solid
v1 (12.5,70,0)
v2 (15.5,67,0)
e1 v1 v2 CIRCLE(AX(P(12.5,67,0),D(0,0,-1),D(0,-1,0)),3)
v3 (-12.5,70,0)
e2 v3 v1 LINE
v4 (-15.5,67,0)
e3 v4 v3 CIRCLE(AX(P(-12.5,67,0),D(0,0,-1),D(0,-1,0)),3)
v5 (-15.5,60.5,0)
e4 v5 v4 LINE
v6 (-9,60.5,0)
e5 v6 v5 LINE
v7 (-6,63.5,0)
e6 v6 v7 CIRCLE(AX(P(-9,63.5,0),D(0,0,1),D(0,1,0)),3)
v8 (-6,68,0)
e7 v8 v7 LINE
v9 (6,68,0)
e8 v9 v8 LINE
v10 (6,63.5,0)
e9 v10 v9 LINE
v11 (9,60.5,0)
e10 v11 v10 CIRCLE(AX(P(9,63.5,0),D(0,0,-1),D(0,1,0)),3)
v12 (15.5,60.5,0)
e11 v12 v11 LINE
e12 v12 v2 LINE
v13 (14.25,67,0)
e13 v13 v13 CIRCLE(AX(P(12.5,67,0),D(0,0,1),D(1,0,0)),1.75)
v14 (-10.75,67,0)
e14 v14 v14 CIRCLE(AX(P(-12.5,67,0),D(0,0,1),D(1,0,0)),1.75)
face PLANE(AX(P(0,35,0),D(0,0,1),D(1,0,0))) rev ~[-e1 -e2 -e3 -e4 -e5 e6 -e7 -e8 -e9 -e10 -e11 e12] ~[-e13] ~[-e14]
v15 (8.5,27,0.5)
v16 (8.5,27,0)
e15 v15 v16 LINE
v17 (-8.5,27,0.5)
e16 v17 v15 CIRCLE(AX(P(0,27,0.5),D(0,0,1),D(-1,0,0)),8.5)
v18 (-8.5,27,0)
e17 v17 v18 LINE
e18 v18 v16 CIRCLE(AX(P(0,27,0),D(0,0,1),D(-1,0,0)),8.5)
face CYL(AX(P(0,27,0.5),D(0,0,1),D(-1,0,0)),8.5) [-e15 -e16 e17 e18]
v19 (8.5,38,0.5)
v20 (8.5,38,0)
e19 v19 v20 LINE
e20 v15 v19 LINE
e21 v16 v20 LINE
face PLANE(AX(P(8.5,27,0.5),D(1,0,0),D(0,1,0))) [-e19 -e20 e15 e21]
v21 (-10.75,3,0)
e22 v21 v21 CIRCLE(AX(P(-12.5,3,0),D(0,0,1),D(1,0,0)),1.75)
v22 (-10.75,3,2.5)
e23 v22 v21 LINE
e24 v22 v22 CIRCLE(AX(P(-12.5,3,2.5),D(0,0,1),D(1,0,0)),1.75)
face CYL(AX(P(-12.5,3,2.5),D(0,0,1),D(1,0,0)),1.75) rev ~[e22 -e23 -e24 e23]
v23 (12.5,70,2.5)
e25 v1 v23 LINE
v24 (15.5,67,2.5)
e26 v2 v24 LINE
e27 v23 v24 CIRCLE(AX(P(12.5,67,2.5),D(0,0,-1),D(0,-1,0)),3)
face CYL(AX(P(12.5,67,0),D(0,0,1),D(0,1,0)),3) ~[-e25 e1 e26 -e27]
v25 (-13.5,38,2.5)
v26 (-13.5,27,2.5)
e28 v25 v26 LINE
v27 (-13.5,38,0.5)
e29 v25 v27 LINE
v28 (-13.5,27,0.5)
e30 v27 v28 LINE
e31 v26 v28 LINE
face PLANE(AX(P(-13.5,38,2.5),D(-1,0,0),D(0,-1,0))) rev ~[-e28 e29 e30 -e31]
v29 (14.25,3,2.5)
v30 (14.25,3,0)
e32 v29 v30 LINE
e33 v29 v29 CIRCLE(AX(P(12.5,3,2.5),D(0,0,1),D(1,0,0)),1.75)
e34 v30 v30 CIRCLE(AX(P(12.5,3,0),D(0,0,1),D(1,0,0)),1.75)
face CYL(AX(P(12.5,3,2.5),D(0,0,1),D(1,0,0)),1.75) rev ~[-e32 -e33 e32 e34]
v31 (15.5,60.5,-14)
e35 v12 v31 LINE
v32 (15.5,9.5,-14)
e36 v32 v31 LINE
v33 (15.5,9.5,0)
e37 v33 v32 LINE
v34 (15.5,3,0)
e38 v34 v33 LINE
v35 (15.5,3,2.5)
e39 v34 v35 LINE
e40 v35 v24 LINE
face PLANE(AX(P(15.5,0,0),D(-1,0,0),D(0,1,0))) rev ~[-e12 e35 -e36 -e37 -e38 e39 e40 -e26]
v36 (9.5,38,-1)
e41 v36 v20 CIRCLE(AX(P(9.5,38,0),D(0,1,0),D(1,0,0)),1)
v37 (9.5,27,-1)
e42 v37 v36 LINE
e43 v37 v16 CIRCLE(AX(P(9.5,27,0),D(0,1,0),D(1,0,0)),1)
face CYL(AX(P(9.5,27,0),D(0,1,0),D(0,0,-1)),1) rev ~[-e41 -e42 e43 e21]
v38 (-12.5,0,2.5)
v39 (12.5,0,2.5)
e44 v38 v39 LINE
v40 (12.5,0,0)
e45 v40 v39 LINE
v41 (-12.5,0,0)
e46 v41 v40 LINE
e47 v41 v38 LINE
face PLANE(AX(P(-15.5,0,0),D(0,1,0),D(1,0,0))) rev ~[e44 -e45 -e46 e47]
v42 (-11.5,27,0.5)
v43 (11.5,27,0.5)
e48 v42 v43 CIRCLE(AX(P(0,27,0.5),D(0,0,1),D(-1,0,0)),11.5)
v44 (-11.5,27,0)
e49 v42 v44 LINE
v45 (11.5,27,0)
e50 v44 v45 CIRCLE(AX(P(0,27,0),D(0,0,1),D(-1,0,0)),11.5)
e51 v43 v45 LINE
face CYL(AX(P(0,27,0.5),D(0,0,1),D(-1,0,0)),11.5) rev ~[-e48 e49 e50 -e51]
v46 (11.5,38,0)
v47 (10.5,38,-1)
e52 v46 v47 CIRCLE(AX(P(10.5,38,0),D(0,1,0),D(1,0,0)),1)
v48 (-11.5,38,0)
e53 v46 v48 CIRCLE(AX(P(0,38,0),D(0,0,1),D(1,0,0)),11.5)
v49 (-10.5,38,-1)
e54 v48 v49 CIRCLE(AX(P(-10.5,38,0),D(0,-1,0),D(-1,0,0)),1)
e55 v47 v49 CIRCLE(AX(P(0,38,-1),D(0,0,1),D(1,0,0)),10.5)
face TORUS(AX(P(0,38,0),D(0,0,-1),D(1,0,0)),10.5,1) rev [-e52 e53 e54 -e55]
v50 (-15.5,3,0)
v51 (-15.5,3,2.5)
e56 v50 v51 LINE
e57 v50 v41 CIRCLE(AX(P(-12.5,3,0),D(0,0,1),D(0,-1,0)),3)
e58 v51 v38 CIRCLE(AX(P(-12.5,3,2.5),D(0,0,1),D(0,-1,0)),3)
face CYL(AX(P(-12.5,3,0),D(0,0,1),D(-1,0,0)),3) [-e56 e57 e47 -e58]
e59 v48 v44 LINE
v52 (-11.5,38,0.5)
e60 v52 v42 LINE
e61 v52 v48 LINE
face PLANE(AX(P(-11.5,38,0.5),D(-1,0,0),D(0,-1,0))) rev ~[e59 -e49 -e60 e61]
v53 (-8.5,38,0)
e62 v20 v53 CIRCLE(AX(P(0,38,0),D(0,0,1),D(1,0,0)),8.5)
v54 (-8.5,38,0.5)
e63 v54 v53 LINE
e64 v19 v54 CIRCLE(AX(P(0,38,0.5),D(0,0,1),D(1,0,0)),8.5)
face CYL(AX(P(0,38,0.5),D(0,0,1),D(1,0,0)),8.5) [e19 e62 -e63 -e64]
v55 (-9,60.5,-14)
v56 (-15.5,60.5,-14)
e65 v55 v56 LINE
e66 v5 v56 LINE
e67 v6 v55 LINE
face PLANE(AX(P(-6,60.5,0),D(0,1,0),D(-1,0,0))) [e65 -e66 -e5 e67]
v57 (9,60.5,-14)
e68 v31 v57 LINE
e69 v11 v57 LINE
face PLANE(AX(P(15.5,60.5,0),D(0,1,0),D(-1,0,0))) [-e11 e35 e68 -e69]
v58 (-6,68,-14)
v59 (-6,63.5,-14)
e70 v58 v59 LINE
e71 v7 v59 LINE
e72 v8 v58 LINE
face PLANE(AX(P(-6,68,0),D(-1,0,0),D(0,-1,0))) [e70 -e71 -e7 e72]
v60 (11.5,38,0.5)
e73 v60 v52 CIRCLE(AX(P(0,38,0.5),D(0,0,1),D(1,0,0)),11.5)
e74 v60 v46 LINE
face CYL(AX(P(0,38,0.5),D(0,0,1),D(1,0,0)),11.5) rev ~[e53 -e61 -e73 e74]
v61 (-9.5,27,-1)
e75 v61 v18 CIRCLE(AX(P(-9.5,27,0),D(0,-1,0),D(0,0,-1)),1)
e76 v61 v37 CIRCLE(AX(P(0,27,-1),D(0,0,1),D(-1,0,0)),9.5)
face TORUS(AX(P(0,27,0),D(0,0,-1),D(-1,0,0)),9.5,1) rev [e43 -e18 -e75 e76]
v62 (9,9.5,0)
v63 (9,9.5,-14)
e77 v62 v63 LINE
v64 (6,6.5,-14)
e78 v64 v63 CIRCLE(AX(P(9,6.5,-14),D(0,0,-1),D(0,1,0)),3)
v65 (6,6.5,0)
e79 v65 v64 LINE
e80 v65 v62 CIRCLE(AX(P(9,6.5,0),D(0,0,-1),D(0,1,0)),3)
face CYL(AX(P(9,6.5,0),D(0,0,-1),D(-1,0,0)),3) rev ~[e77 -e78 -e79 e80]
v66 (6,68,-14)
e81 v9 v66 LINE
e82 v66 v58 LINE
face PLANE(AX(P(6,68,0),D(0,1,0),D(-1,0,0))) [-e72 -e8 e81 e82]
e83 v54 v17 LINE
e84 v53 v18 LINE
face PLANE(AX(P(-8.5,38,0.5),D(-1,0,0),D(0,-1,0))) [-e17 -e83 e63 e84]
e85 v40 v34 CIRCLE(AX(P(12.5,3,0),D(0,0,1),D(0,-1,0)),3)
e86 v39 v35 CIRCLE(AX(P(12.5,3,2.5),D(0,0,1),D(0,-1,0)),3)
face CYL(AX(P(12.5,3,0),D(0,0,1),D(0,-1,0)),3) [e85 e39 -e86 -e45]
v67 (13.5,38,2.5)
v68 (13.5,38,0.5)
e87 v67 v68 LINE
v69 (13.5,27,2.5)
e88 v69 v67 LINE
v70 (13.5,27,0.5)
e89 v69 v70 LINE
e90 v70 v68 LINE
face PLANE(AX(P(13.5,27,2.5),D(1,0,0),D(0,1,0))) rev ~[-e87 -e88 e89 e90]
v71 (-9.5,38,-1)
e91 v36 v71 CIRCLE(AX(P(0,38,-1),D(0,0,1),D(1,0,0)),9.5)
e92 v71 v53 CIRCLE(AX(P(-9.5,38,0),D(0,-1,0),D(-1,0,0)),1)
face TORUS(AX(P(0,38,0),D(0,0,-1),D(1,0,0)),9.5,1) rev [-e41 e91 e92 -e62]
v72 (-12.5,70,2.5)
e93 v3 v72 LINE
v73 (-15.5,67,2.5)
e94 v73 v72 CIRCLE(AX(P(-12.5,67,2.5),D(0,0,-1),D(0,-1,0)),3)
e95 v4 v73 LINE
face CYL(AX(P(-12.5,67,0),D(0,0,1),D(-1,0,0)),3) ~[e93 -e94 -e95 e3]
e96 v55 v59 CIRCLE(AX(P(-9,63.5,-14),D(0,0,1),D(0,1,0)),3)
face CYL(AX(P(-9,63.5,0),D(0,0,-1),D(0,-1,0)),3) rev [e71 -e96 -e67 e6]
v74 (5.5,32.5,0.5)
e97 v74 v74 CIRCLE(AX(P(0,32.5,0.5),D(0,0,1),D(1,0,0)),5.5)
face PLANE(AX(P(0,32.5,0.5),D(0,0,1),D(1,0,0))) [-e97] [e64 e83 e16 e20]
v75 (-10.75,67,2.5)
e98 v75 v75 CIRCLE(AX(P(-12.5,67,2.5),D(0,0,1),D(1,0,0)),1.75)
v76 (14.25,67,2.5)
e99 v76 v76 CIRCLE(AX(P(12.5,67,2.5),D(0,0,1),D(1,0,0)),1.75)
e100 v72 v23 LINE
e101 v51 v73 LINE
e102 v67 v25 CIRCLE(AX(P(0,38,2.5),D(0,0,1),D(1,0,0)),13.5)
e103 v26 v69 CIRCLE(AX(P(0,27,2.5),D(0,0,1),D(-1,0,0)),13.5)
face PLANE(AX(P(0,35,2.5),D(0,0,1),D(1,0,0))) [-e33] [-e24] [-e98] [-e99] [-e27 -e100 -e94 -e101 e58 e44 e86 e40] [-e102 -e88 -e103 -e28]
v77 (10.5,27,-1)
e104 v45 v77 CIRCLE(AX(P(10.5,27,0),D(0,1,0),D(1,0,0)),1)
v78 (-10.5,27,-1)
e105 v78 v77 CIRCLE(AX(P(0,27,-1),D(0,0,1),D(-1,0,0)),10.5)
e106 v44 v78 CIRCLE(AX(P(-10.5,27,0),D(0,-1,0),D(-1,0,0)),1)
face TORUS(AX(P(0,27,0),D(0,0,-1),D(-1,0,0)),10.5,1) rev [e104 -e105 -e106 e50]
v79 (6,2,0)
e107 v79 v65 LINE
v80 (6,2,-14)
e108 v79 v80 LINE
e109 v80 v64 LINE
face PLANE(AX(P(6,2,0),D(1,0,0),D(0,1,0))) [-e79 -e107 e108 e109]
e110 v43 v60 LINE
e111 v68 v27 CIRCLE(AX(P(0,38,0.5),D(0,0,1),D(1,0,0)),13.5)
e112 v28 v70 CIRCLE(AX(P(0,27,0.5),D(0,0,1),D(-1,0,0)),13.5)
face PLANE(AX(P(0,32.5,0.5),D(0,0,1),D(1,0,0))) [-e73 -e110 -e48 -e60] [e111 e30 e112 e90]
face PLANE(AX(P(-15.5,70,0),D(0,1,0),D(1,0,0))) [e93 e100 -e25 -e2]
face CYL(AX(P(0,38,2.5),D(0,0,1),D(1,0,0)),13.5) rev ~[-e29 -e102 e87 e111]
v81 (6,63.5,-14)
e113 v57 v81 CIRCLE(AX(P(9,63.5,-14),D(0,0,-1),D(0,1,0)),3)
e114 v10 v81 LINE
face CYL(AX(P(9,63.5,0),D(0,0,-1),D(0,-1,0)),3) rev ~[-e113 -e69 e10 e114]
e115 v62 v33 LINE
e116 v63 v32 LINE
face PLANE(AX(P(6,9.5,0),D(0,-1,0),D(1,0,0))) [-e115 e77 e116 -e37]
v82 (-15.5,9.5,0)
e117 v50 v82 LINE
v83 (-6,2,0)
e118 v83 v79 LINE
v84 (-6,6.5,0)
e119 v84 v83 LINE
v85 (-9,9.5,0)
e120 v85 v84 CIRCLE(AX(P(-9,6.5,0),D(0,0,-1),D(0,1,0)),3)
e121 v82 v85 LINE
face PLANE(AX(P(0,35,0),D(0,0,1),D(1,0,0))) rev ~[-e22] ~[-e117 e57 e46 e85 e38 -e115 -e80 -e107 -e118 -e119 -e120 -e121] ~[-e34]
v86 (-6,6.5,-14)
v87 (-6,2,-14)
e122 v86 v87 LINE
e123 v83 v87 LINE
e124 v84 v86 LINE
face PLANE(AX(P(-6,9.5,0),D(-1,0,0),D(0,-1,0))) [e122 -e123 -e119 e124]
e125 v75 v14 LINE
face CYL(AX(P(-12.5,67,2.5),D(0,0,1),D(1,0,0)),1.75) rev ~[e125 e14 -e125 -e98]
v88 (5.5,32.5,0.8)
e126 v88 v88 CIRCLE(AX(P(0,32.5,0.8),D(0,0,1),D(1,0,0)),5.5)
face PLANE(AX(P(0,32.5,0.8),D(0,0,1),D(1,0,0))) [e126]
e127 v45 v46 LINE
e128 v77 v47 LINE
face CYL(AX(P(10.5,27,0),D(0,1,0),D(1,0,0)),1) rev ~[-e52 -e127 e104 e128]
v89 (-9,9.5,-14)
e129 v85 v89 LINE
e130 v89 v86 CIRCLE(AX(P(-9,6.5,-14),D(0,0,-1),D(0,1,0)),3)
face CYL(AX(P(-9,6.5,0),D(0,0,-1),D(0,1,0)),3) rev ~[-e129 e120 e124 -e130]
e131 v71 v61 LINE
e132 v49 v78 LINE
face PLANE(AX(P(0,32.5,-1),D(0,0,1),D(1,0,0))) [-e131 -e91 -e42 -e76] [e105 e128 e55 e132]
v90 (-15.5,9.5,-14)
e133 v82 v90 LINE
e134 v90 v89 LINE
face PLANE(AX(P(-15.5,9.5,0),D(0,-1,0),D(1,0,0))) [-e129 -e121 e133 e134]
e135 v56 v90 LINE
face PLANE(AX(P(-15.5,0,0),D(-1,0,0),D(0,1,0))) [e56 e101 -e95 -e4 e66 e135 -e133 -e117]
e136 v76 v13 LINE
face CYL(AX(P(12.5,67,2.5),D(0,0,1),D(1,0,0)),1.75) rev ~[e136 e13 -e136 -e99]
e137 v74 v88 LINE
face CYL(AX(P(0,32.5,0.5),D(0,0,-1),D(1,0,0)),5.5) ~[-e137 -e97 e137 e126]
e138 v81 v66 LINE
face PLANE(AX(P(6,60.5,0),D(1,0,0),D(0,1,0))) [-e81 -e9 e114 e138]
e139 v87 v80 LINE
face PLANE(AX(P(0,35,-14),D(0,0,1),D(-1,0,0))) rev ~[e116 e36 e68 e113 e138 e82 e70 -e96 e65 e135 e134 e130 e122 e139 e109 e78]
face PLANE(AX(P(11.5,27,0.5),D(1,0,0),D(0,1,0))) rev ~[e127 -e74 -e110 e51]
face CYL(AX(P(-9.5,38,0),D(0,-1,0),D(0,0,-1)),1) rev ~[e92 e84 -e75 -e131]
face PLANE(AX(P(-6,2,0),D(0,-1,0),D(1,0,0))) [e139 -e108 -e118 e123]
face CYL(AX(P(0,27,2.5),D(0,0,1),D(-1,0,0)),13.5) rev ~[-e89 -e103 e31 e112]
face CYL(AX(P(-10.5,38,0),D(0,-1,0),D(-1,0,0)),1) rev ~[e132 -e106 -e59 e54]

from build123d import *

# Parameters (mm, degrees)
SKETCH_W        = 31
SKETCH_H        = 70
PAD_DEPTH       = 2.5
SKETCH001_R     = 1.75
POCKET_DEPTH    = 2.5
FILLET_R        = 3
PAD001_DEPTH    = 14
FILLET001_R     = 3
POCKET001_DEPTH = 2
POCKET002_DEPTH = 1.5
FILLET002_R     = 1
SKETCH005_R     = 5.5
PAD002_DEPTH    = 0.3


with BuildPart() as part:
    # Sketch → Pad (new body)
    with BuildSketch(Plane.XY):
        with Locations((0, 35)):
            Rectangle(SKETCH_W, SKETCH_H)
    extrude(amount=PAD_DEPTH)

    # Sketch001 (on Face6 of Pad) → Pocket (cut)
    with BuildSketch(Plane.XY.offset(2.5)):
        with Locations((-12.5, 67)):
            Circle(SKETCH001_R)
        with Locations((12.5, 67)):
            Circle(SKETCH001_R)
        with Locations((-12.5, 3)):
            Circle(SKETCH001_R)
        with Locations((12.5, 3)):
            Circle(SKETCH001_R)
    extrude(amount=-POCKET_DEPTH, mode=Mode.SUBTRACT)

    # Fillet
    fillet_edges = [part.edges().sort_by_distance(p)[0] for p in [
        (-15.5, 0, 1.25),
        (15.5, 0, 1.25),
        (-15.5, 70, 1.25),
        (15.5, 70, 1.25),
    ]]
    fillet(fillet_edges, radius=FILLET_R)

    # Sketch002 (on Face2 of Fillet) → Pad001 (join)
    with BuildSketch(Plane(origin=(0, 0, 0), x_dir=(1, 0, 0), z_dir=(0, 0, -1))):
        Polygon((-6, -2), (6, -2), (6, -9.5), (15.5, -9.5), (15.5, -60.5), (6, -60.5), (6, -68), (-6, -68), (-6, -60.5), (-15.5, -60.5), (-15.5, -9.5), (-6, -9.5), align=None)
    extrude(amount=PAD001_DEPTH)

    # Fillet001
    fillet001_edges = [part.edges().sort_by_distance(p)[0] for p in [
        (6, 9.5, -7),
        (-6, 9.5, -7),
        (-6, 60.5, -7),
        (6, 60.5, -7),
    ]]
    fillet(fillet001_edges, radius=FILLET001_R)

    # Sketch003 (on Face20 of Fillet001) → Pocket001 (cut)
    with BuildSketch(Plane.XY.offset(2.5)):
        with BuildLine():
            ThreePointArc((13.5, 38), (0, 51.5), (-13.5, 38))
            Line((-13.5, 38), (-13.5, 27))
            ThreePointArc((-13.5, 27), (0, 13.5), (13.5, 27))
            Line((13.5, 27), (13.5, 38))
        make_face()
    extrude(amount=-POCKET001_DEPTH, mode=Mode.SUBTRACT)

    # Sketch004 (on Face37 of Pocket001) → Pocket002 (cut)
    with BuildSketch(Plane.XY.offset(0.5)):
        with BuildLine():
            ThreePointArc((11.5, 38), (0, 49.5), (-11.5, 38))
            Line((-11.5, 38), (-11.5, 27))
            ThreePointArc((-11.5, 27), (0, 15.5), (11.5, 27))
            Line((11.5, 27), (11.5, 38))
        make_face()
        with BuildLine():
            ThreePointArc((8.5, 38), (0, 46.5), (-8.5, 38))
            Line((-8.5, 38), (-8.5, 27))
            ThreePointArc((-8.5, 27), (0, 18.5), (8.5, 27))
            Line((8.5, 27), (8.5, 38))
        make_face(mode=Mode.SUBTRACT)
    extrude(amount=-POCKET002_DEPTH, mode=Mode.SUBTRACT)

    # Fillet002
    fillet002_edges = [part.edges().sort_by_distance(p)[0] for p in [
        (0, 49.5, -1),
        (0, 15.5, -1),
        (-11.5, 32.5, -1),
        (0, 46.5, -1),
        (8.5, 32.5, -1),
        (0, 18.5, -1),
        (-8.5, 32.5, -1),
        (11.5, 32.5, -1),
    ]]
    fillet(fillet002_edges, radius=FILLET002_R)

    # Sketch005 (on Face36 of Fillet002) → Pad002 (join)
    with BuildSketch(Plane.XY.offset(0.5)):
        with Locations((0, 32.5)):
            Circle(SKETCH005_R)
    extrude(amount=PAD002_DEPTH)


solid = part.part
